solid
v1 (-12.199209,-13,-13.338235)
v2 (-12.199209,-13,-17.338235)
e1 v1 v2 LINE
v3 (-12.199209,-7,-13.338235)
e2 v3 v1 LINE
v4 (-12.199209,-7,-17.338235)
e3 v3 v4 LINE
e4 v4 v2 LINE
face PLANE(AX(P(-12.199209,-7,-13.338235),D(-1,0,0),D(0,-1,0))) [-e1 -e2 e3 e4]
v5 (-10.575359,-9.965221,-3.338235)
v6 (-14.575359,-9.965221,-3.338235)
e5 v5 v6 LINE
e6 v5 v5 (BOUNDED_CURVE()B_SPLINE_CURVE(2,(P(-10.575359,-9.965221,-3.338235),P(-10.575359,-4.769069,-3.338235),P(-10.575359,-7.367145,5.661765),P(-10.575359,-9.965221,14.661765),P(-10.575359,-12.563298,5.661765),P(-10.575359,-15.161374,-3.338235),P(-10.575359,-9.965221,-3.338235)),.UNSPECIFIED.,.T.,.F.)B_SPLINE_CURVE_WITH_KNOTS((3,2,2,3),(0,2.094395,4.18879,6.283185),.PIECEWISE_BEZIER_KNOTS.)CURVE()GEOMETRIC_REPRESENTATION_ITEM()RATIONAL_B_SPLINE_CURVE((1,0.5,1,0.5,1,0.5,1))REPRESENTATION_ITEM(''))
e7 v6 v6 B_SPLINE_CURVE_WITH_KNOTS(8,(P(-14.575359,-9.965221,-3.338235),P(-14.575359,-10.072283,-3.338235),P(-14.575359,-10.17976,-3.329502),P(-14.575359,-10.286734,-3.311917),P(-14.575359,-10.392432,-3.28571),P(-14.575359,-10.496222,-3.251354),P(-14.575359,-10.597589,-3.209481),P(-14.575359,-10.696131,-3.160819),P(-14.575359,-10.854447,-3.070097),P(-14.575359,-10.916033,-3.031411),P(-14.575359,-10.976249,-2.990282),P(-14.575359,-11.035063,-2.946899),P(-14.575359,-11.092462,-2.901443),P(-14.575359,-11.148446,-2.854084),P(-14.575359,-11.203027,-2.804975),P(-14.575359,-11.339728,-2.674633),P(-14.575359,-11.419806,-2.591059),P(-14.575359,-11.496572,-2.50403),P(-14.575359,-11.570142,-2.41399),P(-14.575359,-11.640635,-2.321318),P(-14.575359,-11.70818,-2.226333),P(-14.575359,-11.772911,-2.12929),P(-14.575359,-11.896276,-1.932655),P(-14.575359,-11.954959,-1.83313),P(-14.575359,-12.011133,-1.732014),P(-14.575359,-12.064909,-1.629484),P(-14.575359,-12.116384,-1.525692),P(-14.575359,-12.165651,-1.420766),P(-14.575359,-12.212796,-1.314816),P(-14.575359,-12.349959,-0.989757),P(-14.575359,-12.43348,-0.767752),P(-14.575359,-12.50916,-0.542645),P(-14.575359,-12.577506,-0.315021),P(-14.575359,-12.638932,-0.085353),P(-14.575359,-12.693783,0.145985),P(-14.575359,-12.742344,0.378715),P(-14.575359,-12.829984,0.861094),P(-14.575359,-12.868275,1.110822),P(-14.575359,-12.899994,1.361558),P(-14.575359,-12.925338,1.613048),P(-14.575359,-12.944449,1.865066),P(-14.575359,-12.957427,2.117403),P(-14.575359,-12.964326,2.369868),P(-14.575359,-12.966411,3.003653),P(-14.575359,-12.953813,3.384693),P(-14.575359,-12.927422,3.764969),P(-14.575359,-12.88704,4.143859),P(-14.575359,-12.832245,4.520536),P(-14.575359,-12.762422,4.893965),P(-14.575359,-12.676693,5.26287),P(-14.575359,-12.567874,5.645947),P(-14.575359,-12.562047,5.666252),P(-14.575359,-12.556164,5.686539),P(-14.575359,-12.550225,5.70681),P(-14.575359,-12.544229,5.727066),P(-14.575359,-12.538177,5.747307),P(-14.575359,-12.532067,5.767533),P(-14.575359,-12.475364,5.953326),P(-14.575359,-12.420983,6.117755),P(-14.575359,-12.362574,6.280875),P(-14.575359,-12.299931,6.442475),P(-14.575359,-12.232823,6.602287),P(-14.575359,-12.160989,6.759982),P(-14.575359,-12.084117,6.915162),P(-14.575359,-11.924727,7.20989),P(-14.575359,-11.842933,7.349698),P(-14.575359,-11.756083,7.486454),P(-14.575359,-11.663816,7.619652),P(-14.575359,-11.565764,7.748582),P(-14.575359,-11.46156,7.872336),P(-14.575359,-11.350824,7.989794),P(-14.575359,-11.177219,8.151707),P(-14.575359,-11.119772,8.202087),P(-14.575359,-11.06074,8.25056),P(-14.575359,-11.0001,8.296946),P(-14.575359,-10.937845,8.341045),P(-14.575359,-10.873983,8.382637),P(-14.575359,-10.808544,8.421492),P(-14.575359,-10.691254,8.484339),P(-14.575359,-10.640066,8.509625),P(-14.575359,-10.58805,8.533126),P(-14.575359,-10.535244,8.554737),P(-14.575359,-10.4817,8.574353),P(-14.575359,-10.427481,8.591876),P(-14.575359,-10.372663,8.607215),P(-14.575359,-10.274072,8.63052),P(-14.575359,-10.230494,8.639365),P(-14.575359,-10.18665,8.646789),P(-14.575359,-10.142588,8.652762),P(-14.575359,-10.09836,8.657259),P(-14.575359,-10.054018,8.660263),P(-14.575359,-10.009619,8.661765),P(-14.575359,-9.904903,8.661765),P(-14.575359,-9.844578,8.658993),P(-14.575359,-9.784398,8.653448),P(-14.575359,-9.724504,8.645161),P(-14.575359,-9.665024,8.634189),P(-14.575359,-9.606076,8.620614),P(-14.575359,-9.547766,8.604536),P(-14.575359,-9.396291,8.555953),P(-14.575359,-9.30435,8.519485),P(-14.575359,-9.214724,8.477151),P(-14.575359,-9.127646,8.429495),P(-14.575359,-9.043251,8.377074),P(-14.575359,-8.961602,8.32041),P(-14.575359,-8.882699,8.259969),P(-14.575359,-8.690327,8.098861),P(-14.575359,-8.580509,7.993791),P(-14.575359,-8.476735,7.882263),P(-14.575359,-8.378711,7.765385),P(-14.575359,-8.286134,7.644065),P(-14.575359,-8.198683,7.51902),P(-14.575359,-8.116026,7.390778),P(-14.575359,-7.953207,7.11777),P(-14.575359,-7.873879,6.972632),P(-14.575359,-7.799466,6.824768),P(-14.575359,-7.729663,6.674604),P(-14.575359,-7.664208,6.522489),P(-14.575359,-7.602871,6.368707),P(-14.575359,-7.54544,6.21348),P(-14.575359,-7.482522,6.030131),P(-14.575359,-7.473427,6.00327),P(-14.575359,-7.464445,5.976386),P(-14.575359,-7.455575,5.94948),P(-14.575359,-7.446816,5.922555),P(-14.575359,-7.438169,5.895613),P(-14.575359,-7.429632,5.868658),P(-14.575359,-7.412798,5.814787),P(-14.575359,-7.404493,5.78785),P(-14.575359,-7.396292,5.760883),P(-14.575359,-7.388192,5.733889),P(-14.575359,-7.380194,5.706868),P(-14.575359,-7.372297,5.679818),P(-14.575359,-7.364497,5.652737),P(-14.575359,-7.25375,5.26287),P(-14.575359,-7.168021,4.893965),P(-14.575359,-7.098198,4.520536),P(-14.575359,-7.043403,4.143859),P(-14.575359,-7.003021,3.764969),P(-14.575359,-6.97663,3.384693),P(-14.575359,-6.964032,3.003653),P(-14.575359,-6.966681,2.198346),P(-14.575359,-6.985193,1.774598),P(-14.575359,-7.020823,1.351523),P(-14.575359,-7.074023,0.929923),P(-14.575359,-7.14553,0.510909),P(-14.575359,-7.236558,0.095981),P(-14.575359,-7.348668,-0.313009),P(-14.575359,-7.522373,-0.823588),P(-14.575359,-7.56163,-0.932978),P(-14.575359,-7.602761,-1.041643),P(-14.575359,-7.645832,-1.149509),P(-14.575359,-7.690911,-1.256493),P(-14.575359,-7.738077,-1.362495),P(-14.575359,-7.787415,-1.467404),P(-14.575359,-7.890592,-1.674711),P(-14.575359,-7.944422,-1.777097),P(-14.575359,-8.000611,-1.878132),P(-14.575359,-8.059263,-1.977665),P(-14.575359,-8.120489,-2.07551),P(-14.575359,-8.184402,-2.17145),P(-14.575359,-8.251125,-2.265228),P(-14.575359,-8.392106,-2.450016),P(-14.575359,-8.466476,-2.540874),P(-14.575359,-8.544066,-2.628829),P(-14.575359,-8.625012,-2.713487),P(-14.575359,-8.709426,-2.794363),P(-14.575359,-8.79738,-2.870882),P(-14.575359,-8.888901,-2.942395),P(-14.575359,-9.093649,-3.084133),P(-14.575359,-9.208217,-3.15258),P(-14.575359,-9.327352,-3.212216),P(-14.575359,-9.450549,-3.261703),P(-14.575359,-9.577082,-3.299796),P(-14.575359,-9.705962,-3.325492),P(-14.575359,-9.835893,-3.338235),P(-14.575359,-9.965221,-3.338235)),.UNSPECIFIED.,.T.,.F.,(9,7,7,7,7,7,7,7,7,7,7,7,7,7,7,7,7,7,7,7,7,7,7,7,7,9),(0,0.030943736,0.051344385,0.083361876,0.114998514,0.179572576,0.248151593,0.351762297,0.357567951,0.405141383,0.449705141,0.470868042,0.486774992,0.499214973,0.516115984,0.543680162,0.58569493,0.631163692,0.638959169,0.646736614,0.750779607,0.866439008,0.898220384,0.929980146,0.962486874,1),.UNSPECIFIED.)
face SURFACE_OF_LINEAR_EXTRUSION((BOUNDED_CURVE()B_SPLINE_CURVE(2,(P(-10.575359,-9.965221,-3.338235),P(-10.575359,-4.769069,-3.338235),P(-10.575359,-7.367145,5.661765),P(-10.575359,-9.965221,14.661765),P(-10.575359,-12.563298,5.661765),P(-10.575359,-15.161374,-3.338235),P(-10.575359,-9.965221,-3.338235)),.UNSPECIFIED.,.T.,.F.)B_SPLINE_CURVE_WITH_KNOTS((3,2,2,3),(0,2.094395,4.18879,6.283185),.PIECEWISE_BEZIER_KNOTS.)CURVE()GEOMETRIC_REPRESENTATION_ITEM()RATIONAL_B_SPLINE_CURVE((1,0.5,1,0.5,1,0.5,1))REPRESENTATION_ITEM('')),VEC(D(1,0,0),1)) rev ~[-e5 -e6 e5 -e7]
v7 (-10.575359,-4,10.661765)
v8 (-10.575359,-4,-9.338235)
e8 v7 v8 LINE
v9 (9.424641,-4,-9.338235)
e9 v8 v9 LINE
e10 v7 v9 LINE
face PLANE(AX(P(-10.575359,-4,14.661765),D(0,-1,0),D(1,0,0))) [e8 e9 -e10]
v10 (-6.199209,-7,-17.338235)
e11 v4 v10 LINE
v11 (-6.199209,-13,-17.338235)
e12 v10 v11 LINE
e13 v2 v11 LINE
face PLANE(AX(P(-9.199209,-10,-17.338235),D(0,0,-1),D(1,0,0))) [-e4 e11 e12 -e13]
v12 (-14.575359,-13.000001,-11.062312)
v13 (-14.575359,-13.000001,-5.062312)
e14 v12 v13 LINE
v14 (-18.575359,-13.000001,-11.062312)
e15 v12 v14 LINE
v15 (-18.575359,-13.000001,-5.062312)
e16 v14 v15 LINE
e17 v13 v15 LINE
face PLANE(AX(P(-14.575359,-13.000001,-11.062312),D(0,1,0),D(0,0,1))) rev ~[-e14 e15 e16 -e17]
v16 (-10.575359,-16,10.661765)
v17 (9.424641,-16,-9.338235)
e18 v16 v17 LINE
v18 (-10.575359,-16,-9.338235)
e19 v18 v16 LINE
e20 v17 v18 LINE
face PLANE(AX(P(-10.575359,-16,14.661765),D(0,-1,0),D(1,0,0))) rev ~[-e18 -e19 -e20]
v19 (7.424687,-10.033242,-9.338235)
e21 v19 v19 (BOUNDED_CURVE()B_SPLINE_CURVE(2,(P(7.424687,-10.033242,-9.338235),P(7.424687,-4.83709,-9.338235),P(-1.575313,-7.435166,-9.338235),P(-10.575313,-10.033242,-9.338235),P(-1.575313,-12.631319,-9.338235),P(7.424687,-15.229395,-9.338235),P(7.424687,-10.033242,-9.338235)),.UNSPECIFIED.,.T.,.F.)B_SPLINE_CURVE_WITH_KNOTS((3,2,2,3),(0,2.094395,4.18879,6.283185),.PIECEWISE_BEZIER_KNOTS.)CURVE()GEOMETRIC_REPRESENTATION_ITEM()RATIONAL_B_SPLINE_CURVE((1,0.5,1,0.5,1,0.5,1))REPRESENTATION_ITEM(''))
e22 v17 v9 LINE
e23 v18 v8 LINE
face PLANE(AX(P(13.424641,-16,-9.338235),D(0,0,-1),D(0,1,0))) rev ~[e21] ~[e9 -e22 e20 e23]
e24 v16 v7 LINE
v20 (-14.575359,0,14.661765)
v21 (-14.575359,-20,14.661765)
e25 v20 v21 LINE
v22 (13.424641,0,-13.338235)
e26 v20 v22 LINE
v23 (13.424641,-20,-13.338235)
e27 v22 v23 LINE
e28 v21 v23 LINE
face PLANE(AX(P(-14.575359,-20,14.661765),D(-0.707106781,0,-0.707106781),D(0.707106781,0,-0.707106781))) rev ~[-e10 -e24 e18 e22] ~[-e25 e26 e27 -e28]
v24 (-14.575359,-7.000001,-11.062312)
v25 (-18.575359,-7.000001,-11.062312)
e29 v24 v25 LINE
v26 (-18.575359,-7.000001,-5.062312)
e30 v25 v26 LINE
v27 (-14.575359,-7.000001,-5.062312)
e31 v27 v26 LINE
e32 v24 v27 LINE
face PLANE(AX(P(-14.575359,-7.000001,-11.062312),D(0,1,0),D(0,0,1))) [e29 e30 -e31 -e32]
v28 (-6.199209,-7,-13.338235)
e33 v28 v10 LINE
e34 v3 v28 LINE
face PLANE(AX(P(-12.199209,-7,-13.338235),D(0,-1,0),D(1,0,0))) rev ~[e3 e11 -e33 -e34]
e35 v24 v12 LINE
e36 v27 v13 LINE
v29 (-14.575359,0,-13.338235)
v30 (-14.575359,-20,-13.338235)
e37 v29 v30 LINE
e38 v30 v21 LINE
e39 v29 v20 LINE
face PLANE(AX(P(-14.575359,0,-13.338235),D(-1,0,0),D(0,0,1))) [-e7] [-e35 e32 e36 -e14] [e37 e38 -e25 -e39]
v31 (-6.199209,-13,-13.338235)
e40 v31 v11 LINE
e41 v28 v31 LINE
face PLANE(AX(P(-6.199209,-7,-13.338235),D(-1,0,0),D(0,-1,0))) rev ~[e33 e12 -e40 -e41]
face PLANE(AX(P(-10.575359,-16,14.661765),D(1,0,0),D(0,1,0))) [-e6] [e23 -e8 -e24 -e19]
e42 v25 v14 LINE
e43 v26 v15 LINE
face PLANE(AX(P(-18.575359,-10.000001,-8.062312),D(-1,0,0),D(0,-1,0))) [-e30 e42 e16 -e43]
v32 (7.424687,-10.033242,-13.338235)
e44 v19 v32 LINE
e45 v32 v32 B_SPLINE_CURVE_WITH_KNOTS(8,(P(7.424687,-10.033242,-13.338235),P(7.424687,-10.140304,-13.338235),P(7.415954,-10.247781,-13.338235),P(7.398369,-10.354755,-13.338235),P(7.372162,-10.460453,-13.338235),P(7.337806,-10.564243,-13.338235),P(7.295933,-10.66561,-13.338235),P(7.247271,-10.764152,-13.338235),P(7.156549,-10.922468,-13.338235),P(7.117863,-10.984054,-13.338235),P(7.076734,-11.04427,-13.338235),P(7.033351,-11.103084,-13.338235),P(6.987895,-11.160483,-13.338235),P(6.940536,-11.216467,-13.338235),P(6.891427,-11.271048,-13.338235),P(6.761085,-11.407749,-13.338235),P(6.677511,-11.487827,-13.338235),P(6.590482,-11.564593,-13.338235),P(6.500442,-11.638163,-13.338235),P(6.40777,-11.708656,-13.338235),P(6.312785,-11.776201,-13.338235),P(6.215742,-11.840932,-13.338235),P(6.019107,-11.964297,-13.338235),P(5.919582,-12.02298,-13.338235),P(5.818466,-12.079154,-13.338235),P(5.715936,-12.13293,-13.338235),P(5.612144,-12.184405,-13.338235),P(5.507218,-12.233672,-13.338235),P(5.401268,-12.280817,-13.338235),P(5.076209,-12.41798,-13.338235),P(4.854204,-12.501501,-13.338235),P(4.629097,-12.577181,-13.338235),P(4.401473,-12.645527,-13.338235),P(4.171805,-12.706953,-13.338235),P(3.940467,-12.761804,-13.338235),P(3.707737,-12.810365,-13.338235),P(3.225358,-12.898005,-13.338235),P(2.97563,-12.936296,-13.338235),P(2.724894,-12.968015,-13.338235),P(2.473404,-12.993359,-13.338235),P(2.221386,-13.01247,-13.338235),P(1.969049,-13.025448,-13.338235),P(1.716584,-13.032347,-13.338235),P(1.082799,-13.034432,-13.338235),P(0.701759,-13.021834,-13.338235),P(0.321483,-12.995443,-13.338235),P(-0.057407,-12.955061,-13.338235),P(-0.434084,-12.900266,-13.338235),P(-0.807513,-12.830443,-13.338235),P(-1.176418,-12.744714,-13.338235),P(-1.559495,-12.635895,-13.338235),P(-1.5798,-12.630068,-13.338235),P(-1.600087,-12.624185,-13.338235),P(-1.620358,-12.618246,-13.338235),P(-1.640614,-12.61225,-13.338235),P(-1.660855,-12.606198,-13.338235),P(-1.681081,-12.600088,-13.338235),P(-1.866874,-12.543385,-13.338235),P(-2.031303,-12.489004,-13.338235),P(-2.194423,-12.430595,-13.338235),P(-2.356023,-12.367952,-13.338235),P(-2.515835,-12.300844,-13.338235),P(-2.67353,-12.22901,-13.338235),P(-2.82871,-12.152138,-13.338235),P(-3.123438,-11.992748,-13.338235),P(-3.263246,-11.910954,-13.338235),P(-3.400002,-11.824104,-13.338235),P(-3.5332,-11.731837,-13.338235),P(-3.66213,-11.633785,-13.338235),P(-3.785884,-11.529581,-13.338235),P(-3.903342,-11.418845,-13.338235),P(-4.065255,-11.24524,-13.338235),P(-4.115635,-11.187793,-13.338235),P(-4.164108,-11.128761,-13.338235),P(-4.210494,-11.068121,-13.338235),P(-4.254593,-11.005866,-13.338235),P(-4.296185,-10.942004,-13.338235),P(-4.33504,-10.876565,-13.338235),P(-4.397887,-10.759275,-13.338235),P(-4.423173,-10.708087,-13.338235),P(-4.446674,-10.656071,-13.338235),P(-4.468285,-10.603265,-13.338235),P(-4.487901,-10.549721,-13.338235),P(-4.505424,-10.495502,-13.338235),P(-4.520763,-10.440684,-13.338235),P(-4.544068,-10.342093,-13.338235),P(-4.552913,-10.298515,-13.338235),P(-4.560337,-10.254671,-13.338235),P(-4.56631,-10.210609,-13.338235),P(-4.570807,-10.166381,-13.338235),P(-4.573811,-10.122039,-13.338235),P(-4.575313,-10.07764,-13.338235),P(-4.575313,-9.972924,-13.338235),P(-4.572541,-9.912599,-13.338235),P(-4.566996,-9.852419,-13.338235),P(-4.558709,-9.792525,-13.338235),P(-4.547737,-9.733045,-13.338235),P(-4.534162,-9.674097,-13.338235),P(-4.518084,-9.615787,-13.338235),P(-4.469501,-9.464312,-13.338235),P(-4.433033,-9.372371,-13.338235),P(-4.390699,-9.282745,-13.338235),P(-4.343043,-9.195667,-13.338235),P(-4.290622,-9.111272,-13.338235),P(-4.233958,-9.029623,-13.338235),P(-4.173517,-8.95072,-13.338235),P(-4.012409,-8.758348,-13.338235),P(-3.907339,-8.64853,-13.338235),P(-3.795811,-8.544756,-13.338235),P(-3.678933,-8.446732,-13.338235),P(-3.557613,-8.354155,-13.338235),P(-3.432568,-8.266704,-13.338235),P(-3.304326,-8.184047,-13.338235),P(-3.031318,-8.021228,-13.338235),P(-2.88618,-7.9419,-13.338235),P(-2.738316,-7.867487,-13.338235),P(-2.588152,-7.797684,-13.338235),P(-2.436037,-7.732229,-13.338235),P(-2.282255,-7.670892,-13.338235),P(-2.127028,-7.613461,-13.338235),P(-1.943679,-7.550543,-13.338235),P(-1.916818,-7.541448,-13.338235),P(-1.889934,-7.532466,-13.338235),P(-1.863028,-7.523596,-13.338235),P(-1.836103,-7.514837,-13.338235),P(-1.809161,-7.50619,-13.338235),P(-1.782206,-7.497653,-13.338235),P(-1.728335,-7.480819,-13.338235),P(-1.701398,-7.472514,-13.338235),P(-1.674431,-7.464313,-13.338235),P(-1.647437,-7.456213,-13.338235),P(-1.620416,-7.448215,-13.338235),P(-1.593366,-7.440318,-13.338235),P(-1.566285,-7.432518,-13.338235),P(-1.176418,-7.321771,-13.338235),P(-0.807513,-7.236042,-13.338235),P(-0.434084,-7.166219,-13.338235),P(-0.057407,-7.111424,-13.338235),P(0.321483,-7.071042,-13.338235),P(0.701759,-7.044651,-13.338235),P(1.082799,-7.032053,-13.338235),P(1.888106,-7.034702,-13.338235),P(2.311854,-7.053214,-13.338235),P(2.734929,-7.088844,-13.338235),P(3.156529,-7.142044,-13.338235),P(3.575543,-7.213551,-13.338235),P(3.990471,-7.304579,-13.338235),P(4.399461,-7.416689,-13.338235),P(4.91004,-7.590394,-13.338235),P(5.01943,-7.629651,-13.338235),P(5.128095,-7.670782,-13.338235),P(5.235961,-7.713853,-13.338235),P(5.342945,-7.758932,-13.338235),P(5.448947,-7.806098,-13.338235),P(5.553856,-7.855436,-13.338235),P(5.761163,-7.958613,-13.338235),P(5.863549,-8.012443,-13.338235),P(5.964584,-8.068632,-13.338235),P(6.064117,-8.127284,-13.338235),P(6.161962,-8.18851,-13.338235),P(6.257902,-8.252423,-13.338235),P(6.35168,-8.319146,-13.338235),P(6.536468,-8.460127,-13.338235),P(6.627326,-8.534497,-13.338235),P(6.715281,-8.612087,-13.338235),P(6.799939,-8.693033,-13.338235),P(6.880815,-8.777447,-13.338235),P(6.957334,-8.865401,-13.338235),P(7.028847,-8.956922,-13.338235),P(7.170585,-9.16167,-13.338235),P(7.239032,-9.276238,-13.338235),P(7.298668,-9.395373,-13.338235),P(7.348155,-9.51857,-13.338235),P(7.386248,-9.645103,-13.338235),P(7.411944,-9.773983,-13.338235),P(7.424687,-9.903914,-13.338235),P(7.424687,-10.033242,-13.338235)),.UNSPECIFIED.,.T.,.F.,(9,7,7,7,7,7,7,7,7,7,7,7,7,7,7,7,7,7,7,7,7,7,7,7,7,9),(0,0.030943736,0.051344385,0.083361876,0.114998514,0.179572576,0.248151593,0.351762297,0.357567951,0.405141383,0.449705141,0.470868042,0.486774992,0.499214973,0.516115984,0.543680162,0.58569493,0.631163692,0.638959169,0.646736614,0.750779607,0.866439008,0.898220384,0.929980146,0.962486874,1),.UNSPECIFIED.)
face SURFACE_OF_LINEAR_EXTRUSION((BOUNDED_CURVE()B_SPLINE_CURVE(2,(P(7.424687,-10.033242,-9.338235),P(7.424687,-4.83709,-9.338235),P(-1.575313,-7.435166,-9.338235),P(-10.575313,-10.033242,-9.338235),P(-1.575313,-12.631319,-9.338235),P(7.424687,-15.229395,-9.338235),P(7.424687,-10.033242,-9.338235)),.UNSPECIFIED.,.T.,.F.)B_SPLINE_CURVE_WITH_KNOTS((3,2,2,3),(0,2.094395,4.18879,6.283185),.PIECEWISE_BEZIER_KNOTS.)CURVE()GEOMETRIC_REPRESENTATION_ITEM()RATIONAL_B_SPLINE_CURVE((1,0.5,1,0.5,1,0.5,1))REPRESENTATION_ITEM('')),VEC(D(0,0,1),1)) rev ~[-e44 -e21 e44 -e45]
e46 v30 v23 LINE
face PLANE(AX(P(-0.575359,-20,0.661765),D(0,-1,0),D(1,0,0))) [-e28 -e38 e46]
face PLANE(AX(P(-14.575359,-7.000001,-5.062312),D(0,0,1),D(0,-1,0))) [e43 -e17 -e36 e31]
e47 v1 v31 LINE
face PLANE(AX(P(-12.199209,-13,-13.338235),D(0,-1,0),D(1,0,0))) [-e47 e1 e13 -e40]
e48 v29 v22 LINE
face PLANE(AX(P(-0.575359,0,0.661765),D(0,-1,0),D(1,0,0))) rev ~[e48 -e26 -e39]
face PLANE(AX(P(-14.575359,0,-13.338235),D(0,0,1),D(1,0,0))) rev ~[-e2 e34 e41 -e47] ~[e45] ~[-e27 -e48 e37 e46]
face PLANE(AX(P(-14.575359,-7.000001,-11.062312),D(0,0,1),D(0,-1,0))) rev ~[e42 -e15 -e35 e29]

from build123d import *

# Parameters (mm, degrees)
F0_W      = 28
F0_H      = 28
F1_DEPTH  = 20
F2_W      = 20
F2_H      = 12
F3_DEPTH  = 24
F4_W      = 12
F4_H      = 20
F5_DEPTH  = 24
F7_DEPTH  = 20.001
F9_DEPTH  = 4.001
F11_DEPTH = 4.001
F12_W     = 6
F12_H     = 6
F13_DEPTH = 4
F14_W     = 6
F14_H     = 6
F15_DEPTH = 4


with BuildPart() as f1:
    # F0 (on Front) → F1 (new body)
    with BuildSketch(Plane.XZ):
        with Locations((-0.575359, 0.661765)):
            Rectangle(F0_W, F0_H)
    extrude(amount=F1_DEPTH)

    # F2 (on face) → F3 (cut)
    with BuildSketch(Plane.XY.offset(14.661765)):
        with Locations((-0.575359, -10)):
            Rectangle(F2_W, F2_H)
    extrude(amount=-F3_DEPTH, mode=Mode.SUBTRACT)

    # F4 (on face) → F5 (cut)
    with BuildSketch(Plane.YZ.offset(13.424641)):
        with Locations((-10, 0.661765)):
            Rectangle(F4_W, F4_H)
    extrude(amount=-F5_DEPTH, mode=Mode.SUBTRACT)

    # F6 (on face) → F7 (cut, through all)
    with BuildSketch(Plane.XZ.offset(20)):
        Polygon((13.424641, 14.661765), (-14.575359, 14.661765), (13.424641, -13.338235), align=None)
    extrude(amount=-F7_DEPTH, mode=Mode.SUBTRACT)

    # F8 (on face) → F9 (cut, through all)
    with BuildSketch(Plane.XY.offset(-9.338235)):
        with BuildLine():
            add(Edge.make_bspline(
                [(7.424687, -10.033242), (7.424687, -4.83709), (-1.575313, -7.435166), (-10.575313, -10.033242), (-1.575313, -12.631319), (7.424687, -15.229395), (7.424687, -10.033242)],
                knots=[0, 0, 0, 2.094395, 2.094395, 4.18879, 4.18879, 6.283185, 6.283185, 6.283185], degree=2, weights=[1, 0.5, 1, 0.5, 1, 0.5, 1]))
        make_face()
    extrude(amount=-F9_DEPTH, mode=Mode.SUBTRACT)

    # F10 (on face) → F11 (cut, through all)
    with BuildSketch(Plane.YZ.offset(-10.575359)):
        with BuildLine():
            add(Edge.make_bspline(
                [(-9.965221, -3.338235), (-4.769069, -3.338235), (-7.367145, 5.661765), (-9.965221, 14.661765), (-12.563298, 5.661765), (-15.161374, -3.338235), (-9.965221, -3.338235)],
                knots=[0, 0, 0, 2.094395, 2.094395, 4.18879, 4.18879, 6.283185, 6.283185, 6.283185], degree=2, weights=[1, 0.5, 1, 0.5, 1, 0.5, 1]))
        make_face()
    extrude(amount=-F11_DEPTH, mode=Mode.SUBTRACT)

    # F12 (on face) → F13 (join)
    with BuildSketch(Plane(origin=(-14.575359, 0, 0), x_dir=(0, -1, 0), z_dir=(-1, 0, 0))):
        with Locations((10.000001, -8.062312)):
            Rectangle(F12_W, F12_H)
    extrude(amount=F13_DEPTH)

    # F14 (on face) → F15 (join)
    with BuildSketch(Plane(origin=(0, 0, -13.338235), x_dir=(1, 0, 0), z_dir=(0, 0, -1))):
        with Locations((-9.199209, 10)):
            Rectangle(F14_W, F14_H)
    extrude(amount=F15_DEPTH)


solid = f1.part
